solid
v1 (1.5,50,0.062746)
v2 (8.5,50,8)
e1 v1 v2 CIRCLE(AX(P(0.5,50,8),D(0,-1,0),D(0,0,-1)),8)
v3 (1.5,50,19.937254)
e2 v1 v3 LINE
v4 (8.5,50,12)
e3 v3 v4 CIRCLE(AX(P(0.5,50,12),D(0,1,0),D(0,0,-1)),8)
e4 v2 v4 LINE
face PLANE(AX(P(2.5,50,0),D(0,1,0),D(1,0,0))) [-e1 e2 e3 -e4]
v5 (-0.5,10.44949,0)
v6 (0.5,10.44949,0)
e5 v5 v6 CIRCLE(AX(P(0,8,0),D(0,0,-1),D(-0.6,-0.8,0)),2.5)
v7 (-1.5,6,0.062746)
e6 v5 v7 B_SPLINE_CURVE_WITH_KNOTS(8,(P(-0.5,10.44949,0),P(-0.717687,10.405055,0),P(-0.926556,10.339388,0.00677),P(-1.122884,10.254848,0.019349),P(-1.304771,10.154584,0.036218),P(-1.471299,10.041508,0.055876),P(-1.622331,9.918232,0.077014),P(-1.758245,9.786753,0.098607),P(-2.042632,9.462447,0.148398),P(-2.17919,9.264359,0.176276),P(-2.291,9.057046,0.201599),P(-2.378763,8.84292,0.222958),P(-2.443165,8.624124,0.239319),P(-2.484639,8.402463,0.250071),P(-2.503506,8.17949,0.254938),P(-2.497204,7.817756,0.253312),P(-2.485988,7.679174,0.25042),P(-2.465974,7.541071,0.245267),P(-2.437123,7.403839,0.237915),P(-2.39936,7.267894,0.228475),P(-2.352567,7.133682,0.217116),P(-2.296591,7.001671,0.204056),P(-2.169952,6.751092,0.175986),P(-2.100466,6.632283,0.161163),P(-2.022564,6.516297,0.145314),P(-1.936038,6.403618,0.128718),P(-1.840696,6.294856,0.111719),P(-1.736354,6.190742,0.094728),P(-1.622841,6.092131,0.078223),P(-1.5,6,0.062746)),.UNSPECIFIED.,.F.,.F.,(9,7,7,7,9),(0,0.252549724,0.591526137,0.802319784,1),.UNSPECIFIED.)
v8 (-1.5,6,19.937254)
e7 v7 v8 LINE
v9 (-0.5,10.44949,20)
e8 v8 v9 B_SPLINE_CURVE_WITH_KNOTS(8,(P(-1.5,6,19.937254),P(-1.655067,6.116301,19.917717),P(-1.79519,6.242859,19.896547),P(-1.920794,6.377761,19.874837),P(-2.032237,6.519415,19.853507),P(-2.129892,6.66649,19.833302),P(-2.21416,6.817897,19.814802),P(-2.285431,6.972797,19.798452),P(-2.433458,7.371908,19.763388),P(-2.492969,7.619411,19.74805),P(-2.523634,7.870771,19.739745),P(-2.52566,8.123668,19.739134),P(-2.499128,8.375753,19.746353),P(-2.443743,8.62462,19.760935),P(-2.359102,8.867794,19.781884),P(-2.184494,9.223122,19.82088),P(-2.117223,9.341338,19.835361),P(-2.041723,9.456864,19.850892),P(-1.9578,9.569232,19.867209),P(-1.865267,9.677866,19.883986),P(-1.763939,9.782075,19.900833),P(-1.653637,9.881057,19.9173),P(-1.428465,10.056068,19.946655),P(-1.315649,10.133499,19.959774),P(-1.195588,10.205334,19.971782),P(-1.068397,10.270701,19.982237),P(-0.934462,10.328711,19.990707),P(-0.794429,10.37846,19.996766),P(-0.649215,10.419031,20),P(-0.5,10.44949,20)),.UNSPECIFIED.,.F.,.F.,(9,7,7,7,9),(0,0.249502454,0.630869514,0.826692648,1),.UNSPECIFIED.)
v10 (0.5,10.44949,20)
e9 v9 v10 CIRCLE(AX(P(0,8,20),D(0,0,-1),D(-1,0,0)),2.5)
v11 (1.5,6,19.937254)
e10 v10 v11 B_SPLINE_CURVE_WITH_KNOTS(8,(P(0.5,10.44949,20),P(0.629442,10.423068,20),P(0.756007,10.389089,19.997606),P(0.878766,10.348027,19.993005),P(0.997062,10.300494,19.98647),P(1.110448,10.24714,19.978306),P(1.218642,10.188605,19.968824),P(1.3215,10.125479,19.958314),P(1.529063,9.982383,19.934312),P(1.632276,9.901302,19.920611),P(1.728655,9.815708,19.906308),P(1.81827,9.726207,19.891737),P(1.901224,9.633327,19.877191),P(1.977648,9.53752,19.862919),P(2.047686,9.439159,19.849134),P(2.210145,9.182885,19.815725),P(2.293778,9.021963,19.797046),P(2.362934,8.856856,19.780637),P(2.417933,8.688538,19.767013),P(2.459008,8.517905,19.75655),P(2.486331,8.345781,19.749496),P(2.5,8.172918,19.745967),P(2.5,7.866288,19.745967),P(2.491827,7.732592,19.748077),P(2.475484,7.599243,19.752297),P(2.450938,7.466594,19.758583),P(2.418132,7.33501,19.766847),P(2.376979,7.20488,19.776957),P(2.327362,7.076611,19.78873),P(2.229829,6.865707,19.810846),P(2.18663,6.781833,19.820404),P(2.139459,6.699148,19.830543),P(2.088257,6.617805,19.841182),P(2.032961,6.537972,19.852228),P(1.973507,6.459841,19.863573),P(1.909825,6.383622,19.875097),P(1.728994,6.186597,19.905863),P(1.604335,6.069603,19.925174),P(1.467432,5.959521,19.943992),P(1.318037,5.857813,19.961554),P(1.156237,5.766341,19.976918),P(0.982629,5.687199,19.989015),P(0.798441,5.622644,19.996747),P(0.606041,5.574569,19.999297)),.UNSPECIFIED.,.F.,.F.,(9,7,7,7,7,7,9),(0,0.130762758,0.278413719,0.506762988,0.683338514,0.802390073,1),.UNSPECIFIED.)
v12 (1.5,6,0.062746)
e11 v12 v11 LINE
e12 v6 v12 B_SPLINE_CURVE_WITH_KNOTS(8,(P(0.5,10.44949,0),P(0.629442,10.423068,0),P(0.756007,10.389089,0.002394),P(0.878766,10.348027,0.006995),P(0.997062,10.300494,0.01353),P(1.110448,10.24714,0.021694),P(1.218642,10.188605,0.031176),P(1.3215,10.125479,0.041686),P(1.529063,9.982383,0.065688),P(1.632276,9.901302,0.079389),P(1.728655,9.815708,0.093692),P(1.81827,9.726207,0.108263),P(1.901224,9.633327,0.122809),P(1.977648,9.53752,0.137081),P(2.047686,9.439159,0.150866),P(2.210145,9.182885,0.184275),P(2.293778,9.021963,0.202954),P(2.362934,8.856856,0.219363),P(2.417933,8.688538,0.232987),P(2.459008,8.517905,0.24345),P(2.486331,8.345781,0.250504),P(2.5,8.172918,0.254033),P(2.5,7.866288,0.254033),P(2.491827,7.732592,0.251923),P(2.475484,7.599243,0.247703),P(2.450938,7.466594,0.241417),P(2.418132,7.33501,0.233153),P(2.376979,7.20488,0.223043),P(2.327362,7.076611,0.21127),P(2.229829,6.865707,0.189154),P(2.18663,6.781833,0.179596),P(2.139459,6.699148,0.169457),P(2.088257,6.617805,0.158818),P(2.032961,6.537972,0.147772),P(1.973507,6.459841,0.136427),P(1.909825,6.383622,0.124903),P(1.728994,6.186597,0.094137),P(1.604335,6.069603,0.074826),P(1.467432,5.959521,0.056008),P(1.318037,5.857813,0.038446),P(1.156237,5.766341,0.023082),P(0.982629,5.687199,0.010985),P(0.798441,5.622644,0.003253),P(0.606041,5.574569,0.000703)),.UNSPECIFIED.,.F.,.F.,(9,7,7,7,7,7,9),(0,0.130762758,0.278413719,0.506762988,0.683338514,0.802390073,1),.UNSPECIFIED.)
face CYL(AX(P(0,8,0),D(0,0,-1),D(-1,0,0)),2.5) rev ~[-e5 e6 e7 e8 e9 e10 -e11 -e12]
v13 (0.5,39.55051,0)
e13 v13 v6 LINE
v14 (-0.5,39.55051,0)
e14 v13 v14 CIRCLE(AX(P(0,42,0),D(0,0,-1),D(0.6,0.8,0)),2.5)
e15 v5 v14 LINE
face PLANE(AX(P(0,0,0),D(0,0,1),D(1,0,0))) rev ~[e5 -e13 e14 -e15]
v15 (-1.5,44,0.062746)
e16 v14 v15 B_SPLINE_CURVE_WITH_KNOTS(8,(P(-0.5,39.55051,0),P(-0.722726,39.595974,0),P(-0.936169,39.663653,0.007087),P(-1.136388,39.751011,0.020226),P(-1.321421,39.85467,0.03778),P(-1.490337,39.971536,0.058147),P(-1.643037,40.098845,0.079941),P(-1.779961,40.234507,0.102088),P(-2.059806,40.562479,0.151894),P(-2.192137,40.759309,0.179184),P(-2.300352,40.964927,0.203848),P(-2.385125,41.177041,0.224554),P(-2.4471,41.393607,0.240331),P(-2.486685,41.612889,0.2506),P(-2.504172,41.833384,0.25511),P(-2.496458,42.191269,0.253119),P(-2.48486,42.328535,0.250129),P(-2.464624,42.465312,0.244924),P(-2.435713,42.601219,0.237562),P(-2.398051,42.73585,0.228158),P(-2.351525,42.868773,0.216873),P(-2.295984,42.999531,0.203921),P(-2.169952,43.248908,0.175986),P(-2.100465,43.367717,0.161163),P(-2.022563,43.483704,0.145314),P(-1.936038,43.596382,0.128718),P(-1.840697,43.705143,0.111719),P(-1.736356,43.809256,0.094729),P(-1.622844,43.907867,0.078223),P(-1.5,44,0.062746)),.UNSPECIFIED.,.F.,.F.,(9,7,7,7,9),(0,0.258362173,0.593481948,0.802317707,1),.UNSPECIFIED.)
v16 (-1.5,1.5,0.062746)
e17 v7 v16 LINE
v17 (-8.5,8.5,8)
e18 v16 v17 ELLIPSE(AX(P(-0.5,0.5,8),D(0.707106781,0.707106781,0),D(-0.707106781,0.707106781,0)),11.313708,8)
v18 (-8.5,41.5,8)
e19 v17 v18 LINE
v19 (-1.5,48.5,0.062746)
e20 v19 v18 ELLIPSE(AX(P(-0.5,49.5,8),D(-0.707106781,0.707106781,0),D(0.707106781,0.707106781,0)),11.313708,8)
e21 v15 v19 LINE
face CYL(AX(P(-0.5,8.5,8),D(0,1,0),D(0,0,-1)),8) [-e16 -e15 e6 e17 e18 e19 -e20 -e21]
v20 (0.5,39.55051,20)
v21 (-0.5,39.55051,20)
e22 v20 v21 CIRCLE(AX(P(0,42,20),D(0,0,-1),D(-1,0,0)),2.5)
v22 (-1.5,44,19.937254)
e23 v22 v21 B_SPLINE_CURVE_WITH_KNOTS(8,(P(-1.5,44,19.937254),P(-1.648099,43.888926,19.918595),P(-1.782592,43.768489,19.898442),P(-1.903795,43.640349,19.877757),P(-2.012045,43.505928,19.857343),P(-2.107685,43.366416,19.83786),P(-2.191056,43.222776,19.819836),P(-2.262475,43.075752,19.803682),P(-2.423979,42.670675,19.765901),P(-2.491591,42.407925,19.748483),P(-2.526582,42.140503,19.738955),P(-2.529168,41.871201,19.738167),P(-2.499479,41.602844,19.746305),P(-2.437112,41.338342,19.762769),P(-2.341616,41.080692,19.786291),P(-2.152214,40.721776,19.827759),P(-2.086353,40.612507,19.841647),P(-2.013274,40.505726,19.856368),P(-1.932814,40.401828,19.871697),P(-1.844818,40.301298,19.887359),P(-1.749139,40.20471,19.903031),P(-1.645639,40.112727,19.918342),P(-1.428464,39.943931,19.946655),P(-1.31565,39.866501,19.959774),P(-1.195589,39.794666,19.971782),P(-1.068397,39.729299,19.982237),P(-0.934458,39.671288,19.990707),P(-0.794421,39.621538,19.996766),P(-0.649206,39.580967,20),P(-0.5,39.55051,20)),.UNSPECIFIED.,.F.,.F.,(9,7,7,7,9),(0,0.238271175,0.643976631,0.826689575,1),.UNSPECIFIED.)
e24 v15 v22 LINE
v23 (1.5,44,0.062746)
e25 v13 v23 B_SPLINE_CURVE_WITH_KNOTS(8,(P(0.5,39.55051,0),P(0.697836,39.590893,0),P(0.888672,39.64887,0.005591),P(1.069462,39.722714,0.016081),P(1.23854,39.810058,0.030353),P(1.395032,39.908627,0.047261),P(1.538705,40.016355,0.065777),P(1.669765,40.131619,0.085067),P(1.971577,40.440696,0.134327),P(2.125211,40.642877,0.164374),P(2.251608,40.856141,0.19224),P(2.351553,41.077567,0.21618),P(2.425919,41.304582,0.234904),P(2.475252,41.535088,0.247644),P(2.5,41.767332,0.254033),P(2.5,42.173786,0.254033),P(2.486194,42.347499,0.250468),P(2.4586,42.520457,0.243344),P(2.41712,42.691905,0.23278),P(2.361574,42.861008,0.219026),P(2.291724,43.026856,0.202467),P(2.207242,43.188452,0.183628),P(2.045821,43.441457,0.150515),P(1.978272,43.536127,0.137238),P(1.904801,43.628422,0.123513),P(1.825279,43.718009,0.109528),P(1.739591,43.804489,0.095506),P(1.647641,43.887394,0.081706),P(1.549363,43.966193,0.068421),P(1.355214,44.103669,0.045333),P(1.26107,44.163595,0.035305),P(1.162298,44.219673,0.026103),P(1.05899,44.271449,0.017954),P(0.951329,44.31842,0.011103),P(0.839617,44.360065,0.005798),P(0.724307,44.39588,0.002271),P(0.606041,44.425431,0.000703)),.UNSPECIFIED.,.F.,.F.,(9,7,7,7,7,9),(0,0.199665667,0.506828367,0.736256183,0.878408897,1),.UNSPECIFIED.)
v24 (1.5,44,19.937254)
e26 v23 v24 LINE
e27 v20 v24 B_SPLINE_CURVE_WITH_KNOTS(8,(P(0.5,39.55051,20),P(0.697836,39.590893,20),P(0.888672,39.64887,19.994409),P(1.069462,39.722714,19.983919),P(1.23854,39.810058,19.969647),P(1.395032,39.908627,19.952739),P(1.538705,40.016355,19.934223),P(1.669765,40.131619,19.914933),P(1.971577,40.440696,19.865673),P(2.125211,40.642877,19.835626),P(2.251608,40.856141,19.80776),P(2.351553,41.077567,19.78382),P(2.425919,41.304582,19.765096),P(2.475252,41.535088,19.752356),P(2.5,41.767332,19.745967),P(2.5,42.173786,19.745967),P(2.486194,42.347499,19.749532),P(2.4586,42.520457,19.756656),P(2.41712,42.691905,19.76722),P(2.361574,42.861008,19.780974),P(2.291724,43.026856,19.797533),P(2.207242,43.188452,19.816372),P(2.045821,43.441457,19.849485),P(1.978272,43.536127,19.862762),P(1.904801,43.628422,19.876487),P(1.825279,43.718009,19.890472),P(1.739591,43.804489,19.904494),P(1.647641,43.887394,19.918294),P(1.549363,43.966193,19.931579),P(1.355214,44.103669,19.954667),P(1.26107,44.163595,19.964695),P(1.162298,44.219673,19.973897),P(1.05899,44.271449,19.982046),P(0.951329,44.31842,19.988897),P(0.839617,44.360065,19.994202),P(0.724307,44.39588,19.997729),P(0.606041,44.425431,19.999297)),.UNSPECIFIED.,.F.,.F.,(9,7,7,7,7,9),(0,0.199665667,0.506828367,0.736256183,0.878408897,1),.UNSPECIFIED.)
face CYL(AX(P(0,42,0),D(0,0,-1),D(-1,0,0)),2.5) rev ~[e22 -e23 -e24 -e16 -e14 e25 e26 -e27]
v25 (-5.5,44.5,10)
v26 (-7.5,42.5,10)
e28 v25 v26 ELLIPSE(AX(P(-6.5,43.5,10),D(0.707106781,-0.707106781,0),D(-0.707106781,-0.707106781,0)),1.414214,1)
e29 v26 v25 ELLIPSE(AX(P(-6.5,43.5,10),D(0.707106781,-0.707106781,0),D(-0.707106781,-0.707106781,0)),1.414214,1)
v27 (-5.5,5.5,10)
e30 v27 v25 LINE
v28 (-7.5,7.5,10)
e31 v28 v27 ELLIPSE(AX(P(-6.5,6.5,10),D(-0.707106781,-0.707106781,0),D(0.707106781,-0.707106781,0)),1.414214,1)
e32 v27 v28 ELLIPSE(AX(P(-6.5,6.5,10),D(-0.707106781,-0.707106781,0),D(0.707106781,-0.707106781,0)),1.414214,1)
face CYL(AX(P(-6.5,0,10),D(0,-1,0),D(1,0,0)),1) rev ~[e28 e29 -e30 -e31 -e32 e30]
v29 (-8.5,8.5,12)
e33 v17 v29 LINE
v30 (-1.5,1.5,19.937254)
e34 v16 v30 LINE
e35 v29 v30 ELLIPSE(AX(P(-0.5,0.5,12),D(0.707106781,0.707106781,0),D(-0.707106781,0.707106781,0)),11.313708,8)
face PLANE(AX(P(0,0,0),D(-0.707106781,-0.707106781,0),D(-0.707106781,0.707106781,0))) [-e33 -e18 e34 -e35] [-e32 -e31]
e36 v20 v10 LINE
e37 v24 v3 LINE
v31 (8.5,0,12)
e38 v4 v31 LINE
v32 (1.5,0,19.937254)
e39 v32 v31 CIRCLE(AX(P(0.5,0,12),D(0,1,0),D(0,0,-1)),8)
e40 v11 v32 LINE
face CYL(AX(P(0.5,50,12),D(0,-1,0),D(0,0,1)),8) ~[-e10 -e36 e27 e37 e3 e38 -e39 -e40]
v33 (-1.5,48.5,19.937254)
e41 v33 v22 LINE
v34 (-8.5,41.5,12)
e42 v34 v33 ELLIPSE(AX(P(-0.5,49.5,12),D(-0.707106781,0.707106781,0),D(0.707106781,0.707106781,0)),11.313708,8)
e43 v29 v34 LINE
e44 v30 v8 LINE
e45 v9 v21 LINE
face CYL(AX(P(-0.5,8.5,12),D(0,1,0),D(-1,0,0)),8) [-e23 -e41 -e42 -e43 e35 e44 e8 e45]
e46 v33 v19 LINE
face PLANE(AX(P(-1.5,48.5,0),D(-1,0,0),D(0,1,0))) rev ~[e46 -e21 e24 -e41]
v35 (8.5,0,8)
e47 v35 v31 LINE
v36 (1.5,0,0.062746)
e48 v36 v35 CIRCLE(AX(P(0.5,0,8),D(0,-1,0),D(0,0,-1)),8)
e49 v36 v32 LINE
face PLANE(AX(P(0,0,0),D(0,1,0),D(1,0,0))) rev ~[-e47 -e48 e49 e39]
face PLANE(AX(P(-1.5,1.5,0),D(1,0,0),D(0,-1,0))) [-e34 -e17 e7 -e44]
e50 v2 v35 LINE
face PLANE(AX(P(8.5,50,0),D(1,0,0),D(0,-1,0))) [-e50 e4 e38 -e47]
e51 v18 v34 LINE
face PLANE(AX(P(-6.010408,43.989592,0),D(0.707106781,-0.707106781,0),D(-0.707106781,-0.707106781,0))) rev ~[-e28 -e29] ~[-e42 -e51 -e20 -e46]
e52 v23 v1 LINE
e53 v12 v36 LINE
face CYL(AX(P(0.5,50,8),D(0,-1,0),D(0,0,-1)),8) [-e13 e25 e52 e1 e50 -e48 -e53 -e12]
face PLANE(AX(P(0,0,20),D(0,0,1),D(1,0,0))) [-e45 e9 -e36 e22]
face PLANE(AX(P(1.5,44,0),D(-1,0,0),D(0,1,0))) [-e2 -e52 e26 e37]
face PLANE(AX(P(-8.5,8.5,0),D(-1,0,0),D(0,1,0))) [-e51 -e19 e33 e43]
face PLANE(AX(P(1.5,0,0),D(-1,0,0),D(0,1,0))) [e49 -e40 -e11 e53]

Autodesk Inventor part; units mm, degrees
ref_plane "YZ Plane" through (0, 0, 0) normal (1, 0, 0) x (0, 1, 0)
ref_plane "XZ Plane" through (0, 0, 0) normal (0, 1, 0) x (-1, 0, 0)
ref_plane "XY Plane" through (0, 0, 0) normal (0, 0, 1) x (1, 0, 0)
sketch "Sketch1" plane through (0, 0, 0) normal (0, 0, 1) x (1, 0, 0)
  line L0 (0, 0) -> (2.5, 0)
  line L1 (2.5, 0) -> (2.5, 50)
  line L2 (2.5, 50) -> (-2.5, 50)
  line L3 (-2.5, 50) -> (-2.5, 0)
  circle A0 centre (0, 0) radius 8.5
  line L4 (0, 50) -> (8.5, 50) construction
  circle A1 centre (0, 50) radius 8.5
  line L5 (-8.5, 0) -> (-8.5, 50)
  line L6 (8.5, 50) -> (8.5, 0)
  line L7 (0, 50) -> (8.5, 50)
  line L8 (0, 50) -> (-8.5, 41.5)
  line L9 (0, 50) -> (12.0208, 50) construction
  line L10 (0, 0) -> (8.5, 0)
  line L11 (0, 0) -> (-8.5, 8.5)
  line L12 (0, 0) -> (12.0208, 0) construction
  dimension "d9" = 17
  dimension "d1" = 2.5
  dimension "d2" = 50
  dimension "d3" = 5
  dimension "d5" = 17
  dimension "d10" = 2.5
  dimension "d11" = 0
  dimension "d12" = 135
  dimension "d13" = 135
extrude "Extrusion1" add sketch "Sketch1" along normal blind 20 contours L11 L3 A0 L1 L0 | L1 A0 L10 | L11 A0 L3 | A0 L3 A1 L1 | L1 A1 L6 A0 | A0 L11 L5 L8 A1 L3 | A1 L3 L8 L2 L1 | L1 L7 A1 | A1 L8 L3
sketch "Sketch2" plane through (0, 0, 0) normal (0, 0, -1) x (-1, 0, 0)
  line L0 (0, 0) -> (-8.5, 0) projected
  line L1 (0, 0) -> (0, 8)
  circle A0 centre (0, 8) radius 2.5
  line L2 (8.5, 8.5) -> (0, 0) projected
  line L3 (0, 0) -> (-1.5, 0)
  line L4 (-1.5, 0) -> (-1.5, 8)
  line L5 (-1.5, 8) -> (1.5, 8)
  line L6 (1.5, 8) -> (1.5, 0)
  line L7 (1.5, 0) -> (0, 0)
  line L8 (0, 50) -> (8.5, 41.5) projected
  line L9 (0, 50) -> (0, 42)
  line L10 (0, 42) -> (-1.5, 42)
  line L11 (-1.5, 42) -> (-1.5, 50)
  line L12 (-8.5, 50) -> (0, 50) projected
  line L13 (0, 42) -> (1.5, 42)
  line L14 (1.5, 42) -> (1.5, 50)
  line L15 (1.5, 50) -> (0, 50)
  circle A1 centre (0, 42) radius 2.5
  point P0 (1.5, 45)
  point P1 (-1.5, 44)
  point P2 (1.5, 44)
  point P3 (-1.5, 6)
  point P4 (1.5, 6)
  dimension "d16" = 8
  dimension "d17" = 5
  dimension "d18" = 1.5
  dimension "d19" = 3
  dimension "d20" = 8
  dimension "d21" = 1.5
  dimension "d22" = 1.5
  dimension "d23" = 5
extrude "Extrusion2" cut sketch "Sketch2" against normal through all
fillet "Fillet1" radius 8 4 edges at (8.5, 25, 0) (8.5, 25, 20) (-8.5, 25, 0) (-8.5, 25, 20)
sketch "Sketch4" plane through (1.5, 0, 0.0627) normal (0, -1, 0) x (1, 0, 0)
  line L0 (-10, 7.9373) -> (-10, 11.9373) projected
  line L1 (-10, 9.9373) -> (-8, 9.9373)
  circle A0 centre (-8, 9.9373) radius 1
  point P0 (-1.5, -0.0627)
  dimension "d31" = 2
  dimension "d32" = 2
extrude "Extrusion4" cut sketch "Sketch4" against normal through all
properties part number "ring_f1"
